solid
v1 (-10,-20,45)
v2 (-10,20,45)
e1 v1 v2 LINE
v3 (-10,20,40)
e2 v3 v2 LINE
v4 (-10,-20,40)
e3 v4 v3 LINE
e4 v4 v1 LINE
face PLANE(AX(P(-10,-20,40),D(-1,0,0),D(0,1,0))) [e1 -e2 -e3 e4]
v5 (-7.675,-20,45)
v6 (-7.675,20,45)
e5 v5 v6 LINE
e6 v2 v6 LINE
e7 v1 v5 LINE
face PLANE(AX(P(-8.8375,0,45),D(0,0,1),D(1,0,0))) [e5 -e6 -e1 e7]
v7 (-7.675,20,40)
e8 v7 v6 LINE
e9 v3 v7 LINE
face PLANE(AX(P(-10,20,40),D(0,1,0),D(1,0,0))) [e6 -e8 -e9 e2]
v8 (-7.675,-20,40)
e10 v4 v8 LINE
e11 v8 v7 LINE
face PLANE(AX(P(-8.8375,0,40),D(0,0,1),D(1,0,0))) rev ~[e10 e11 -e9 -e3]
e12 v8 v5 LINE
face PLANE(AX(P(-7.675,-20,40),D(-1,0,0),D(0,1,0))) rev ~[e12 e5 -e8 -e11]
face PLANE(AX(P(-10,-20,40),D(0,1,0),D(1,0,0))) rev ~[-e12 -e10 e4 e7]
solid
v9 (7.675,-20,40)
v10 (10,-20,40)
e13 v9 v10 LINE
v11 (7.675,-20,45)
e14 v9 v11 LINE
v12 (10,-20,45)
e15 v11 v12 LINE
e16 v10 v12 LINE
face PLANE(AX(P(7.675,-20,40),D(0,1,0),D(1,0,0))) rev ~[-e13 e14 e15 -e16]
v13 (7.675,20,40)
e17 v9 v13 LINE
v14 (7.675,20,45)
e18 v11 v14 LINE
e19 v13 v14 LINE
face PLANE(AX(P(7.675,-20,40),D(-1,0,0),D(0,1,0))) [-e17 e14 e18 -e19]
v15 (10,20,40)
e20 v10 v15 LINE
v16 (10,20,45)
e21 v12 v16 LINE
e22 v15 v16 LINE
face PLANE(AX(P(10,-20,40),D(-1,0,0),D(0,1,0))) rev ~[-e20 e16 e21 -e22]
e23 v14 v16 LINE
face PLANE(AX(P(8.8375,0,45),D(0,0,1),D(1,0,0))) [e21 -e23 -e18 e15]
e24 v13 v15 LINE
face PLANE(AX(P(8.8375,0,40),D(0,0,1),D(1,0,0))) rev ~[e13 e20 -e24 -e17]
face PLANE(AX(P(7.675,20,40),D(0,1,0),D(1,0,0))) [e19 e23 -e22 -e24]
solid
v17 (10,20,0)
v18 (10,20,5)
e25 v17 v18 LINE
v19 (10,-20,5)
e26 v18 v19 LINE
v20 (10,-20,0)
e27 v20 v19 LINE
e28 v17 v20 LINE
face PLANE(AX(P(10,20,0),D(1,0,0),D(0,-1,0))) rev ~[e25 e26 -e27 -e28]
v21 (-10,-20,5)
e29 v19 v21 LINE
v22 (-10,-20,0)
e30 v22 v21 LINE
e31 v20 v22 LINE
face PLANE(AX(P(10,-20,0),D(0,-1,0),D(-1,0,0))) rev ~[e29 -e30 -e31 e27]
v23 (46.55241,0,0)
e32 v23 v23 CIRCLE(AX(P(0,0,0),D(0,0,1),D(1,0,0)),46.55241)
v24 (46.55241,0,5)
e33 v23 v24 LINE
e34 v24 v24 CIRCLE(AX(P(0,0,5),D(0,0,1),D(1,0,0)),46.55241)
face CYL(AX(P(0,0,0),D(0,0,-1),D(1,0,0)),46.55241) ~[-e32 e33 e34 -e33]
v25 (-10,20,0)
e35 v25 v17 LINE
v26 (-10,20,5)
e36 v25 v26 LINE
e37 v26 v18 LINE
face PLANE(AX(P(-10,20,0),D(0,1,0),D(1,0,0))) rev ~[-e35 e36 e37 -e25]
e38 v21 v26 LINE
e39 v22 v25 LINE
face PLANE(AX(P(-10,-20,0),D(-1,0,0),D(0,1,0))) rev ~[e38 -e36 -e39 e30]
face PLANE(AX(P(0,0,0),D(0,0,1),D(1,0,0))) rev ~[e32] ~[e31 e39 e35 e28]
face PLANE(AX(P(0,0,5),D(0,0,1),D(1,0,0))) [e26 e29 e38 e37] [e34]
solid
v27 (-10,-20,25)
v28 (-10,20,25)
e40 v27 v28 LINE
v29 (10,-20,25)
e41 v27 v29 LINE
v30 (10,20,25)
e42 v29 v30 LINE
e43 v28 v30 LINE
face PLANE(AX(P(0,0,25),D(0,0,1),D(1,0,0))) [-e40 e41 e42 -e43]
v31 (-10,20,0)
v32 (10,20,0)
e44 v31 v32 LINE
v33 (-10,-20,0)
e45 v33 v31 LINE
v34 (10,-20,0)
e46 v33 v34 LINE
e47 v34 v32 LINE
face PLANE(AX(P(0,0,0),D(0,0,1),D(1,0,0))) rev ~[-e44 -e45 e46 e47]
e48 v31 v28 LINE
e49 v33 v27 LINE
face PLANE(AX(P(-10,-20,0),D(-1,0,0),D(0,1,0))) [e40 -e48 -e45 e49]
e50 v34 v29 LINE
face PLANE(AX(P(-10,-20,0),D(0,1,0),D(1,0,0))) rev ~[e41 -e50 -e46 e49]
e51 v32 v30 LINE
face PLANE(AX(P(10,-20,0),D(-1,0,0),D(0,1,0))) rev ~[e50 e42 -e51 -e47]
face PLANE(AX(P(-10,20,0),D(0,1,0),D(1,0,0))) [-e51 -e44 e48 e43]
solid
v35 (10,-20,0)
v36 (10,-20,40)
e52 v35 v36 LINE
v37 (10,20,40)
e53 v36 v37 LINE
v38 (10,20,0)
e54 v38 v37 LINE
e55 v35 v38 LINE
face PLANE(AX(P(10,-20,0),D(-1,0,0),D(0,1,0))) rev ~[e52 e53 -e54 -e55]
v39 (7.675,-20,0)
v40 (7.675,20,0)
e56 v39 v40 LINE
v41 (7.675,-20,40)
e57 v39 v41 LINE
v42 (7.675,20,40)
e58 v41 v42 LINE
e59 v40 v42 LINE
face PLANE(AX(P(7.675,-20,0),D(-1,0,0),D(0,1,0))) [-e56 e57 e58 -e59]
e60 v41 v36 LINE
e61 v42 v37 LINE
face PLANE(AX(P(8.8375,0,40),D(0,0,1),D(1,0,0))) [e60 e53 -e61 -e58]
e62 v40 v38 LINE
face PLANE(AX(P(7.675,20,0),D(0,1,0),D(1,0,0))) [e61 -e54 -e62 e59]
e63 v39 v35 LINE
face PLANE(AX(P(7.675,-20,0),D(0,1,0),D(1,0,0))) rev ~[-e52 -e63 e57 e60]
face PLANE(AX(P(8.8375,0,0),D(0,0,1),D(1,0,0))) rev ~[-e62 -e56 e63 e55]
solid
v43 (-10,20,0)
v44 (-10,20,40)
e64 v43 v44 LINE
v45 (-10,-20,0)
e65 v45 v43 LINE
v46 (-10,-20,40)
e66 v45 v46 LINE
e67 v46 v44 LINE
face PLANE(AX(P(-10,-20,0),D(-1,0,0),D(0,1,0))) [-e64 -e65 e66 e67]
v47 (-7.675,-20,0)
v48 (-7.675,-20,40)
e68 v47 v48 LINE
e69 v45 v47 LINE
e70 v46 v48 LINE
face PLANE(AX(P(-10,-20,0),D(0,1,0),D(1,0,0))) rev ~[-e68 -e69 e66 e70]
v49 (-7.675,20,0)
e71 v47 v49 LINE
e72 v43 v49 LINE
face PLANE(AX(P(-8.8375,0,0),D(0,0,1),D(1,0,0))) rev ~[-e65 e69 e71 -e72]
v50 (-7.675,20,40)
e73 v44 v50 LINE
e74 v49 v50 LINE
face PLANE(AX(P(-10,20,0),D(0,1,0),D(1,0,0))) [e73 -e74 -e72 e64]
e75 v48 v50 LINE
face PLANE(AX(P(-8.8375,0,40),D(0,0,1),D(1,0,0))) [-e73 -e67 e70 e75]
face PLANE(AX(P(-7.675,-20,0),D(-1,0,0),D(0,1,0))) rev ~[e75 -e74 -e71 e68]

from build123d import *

# Parameters (mm, degrees)
F0_R     = 46.5524103188
F1_DEPTH = 5
F0_W     = 2.325
F0_H     = 40
F2_DEPTH = 40
F3_W     = 20
F3_H     = 40
F4_DEPTH = 25
F5_DEPTH = 5


with BuildPart() as f1:
    # F0 (on Top) → F1 (new body)
    with BuildSketch(Plane.XY):
        Circle(F0_R)
        Polygon((10, -20), (7.675, -20), (-7.675, -20), (-10, -20), (-10, 20), (-7.675, 20), (7.675, 20), (10, 20), align=None, mode=Mode.SUBTRACT)
    extrude(amount=F1_DEPTH)


with BuildPart() as f2:
    # F0 (on Top) → F2 (new body)
    with BuildSketch(Plane.XY):
        with Locations((-8.8375, 0)):
            Rectangle(F0_W, F0_H)
    extrude(amount=F2_DEPTH)


with BuildPart() as f2b:
    # F0 (on Top) → F2, piece 2 (new body)
    with BuildSketch(Plane.XY):
        with Locations((8.8375, 0)):
            Rectangle(F0_W, F0_H)
    extrude(amount=F2_DEPTH)


with BuildPart() as f4:
    # F3 (on Top) → F4 (new body)
    with BuildSketch(Plane.XY):
        Rectangle(F3_W, F3_H)
    extrude(amount=F4_DEPTH)


with BuildPart() as f5:
    # F5 (new): a face of the model
    f5_faces = [f2.part.faces().sort_by_distance(p)[0] for p in [
        (-8.8375, 0, 40),
    ]]
    extrude(f5_faces, amount=F5_DEPTH)


with BuildPart() as f5b:
    # F5#2 (new): a face of the model
    f5_2_faces = [f2b.part.faces().sort_by_distance(p)[0] for p in [
        (8.8375, 0, 40),
    ]]
    extrude(f5_2_faces, amount=F5_DEPTH)


solid = Compound([f1.part, f2.part, f2b.part, f4.part, f5.part, f5b.part])
